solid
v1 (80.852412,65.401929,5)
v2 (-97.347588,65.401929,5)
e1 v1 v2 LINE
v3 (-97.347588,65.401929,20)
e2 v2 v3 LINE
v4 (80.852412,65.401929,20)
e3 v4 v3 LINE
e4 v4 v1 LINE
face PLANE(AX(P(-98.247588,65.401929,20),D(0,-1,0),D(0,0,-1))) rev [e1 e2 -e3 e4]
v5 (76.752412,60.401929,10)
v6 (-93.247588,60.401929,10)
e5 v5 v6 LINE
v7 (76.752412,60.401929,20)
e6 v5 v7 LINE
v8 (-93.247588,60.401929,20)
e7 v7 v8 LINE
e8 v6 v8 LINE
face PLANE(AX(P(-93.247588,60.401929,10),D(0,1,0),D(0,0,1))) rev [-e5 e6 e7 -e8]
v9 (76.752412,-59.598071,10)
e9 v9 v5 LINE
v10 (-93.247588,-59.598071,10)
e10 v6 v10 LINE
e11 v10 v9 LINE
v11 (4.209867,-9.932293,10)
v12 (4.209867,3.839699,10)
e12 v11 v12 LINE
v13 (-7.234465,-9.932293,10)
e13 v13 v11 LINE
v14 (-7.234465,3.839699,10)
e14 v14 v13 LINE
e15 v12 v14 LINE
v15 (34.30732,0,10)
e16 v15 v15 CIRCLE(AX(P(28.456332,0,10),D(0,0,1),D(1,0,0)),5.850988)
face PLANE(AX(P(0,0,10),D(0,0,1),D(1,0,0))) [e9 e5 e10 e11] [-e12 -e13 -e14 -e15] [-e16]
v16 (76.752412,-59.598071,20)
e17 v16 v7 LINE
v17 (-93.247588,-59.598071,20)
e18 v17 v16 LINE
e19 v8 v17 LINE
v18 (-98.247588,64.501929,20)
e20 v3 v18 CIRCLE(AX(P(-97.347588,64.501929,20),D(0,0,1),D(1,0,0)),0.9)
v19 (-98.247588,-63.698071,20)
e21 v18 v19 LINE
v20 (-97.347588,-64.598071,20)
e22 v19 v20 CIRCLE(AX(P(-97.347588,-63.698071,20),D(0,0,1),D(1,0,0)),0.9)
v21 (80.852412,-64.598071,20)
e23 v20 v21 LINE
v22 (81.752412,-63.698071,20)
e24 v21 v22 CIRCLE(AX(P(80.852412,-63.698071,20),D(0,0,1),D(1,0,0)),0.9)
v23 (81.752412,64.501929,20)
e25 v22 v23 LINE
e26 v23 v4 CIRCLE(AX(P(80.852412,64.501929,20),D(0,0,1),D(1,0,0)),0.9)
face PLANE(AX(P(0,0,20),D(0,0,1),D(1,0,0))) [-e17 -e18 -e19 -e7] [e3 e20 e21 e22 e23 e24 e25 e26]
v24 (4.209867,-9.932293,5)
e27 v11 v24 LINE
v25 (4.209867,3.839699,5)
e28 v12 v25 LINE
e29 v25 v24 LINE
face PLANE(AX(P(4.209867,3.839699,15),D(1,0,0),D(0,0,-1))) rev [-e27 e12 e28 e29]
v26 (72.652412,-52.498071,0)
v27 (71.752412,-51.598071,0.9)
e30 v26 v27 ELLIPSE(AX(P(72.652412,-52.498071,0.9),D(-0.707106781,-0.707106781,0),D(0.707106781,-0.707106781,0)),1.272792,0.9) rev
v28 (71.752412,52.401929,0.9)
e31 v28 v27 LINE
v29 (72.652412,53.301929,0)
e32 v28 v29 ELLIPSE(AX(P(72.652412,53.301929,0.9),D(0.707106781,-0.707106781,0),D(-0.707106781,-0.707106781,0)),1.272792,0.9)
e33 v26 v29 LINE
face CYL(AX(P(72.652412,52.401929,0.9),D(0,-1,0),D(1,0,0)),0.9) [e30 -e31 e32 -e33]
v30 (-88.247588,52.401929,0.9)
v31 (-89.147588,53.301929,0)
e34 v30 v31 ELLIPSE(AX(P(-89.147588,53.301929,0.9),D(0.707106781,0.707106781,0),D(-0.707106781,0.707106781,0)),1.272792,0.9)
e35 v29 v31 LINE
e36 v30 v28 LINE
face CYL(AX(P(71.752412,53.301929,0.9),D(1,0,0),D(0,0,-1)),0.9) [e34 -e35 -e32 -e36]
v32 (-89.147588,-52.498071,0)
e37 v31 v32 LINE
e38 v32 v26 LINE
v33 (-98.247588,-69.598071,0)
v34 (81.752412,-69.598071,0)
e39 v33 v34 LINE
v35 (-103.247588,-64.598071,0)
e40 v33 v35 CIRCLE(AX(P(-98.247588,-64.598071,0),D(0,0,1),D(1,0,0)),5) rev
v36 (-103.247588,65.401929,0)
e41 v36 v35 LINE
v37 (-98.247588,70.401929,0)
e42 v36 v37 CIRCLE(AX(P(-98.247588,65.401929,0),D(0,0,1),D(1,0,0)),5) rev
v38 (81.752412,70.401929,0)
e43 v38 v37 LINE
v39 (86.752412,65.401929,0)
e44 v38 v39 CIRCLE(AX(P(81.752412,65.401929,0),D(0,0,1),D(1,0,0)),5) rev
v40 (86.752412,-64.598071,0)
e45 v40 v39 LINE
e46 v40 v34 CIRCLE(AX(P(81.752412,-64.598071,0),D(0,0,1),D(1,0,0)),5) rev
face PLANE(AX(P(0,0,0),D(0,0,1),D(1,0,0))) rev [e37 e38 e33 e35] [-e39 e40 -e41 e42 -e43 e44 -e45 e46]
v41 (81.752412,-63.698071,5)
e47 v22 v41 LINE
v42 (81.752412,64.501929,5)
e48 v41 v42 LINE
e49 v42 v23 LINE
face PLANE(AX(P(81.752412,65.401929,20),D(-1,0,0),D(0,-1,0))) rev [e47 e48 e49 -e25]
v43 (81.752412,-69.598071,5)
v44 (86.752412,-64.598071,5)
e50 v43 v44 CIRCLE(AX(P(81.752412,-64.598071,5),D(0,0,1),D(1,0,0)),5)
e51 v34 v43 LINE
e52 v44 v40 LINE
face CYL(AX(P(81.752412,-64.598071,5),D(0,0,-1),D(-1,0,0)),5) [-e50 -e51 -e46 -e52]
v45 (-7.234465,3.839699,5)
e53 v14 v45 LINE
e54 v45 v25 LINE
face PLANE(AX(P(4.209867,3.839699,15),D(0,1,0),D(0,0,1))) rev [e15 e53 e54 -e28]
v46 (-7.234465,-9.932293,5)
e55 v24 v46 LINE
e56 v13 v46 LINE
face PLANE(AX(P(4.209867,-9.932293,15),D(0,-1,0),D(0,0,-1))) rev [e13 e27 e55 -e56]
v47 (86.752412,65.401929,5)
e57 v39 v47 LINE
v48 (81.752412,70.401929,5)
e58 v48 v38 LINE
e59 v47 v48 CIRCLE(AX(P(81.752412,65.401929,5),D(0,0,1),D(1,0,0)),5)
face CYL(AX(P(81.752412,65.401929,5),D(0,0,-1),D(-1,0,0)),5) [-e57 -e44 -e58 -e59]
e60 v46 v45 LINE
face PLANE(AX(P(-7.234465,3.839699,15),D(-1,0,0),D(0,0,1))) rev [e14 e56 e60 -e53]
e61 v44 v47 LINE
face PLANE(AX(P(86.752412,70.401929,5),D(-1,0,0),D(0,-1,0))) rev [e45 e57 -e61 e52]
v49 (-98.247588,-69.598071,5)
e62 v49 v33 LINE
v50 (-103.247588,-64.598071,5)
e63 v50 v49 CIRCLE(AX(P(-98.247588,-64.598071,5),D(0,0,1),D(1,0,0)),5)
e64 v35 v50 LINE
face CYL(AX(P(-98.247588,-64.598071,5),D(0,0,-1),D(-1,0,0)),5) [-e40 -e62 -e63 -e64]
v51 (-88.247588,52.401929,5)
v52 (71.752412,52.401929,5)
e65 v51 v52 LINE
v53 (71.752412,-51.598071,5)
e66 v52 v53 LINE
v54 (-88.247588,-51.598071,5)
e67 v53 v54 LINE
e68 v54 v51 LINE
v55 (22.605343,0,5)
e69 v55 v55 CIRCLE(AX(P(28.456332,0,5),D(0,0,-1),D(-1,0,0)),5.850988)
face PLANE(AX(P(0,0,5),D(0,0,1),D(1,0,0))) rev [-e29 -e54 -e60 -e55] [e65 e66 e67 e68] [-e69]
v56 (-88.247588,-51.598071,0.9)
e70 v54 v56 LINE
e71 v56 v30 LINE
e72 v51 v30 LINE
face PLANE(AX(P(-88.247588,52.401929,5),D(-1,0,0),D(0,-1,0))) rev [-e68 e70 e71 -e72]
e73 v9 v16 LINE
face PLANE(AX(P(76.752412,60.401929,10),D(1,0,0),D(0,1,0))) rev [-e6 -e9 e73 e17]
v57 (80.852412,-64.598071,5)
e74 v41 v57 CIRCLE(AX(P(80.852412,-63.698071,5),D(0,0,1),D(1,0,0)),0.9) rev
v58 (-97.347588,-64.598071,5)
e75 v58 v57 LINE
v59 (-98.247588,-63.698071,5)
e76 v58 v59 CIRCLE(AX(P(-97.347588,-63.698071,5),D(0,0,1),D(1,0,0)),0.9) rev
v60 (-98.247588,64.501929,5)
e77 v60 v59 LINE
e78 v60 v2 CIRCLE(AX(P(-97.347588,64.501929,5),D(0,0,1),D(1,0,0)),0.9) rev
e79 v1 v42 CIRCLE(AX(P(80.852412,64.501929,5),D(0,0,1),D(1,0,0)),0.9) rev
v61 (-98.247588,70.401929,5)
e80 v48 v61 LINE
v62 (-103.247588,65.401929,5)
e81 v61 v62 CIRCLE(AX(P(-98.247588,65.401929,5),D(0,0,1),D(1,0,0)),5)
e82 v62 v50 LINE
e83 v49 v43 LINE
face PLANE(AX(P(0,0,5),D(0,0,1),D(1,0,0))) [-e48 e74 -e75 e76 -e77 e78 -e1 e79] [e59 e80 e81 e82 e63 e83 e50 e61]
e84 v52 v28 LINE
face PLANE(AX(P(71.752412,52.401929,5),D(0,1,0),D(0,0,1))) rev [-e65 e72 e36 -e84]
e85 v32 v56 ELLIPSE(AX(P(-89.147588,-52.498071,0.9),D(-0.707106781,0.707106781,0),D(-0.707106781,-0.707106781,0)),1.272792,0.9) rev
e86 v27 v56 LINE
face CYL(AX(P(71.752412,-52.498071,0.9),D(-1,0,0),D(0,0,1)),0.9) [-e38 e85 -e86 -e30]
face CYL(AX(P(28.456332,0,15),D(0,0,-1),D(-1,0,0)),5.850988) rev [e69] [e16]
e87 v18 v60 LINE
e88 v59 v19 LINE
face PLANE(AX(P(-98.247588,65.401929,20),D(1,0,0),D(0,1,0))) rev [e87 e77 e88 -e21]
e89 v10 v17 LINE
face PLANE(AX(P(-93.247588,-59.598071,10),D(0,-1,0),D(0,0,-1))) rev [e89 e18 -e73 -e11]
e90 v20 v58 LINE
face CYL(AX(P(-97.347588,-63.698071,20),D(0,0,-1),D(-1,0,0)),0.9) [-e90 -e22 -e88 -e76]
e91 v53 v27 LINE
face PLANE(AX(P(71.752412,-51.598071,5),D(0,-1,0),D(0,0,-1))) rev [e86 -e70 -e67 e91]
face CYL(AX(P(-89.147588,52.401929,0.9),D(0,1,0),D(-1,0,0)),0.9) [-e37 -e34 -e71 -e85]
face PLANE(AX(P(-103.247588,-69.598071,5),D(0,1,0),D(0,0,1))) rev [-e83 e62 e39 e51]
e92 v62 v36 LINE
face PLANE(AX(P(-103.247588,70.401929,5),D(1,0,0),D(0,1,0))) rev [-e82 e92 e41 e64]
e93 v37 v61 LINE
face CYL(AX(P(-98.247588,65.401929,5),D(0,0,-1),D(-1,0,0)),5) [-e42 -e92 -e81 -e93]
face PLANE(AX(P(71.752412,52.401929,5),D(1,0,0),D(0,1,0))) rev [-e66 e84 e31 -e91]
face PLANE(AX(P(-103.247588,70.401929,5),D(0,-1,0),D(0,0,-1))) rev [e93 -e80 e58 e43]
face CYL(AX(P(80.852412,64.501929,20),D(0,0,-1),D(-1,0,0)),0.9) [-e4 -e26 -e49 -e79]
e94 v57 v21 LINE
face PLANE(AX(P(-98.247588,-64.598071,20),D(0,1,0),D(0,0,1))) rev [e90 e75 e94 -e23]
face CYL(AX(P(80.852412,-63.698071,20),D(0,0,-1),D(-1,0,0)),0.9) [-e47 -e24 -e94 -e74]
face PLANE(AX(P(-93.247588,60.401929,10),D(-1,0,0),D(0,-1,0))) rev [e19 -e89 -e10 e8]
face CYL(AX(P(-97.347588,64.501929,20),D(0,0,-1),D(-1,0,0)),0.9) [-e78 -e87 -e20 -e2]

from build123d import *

# Parameters (mm, degrees)
SKETCH1_W           = 190
SKETCH1_H           = 140
BOSS_EXTRUDE1_DEPTH = 5
SKETCH2_W           = 160
SKETCH2_H           = 104
CUT_EXTRUDE1_DEPTH  = 5
SKETCH3_W           = 180
SKETCH3_H           = 130
BOSS_EXTRUDE2_DEPTH = 15
SKETCH4_W           = 170
SKETCH4_H           = 120
CUT_EXTRUDE2_DEPTH  = 10
FILLET1_R           = 0.9
FILLET2_R           = 0.9
SKETCH5_R           = 5.850988458
SKETCH5_W           = 11.444331631
SKETCH5_H           = 13.771992302
CUT_EXTRUDE3_DEPTH  = 10
FILLET3_R           = 5


with BuildPart() as part:
    # Sketch1 → Boss-Extrude1 (new body)
    with BuildSketch(Plane.XY):
        with Locations((-8.247588424, 0.40192926)):
            Rectangle(SKETCH1_W, SKETCH1_H)
    extrude(amount=BOSS_EXTRUDE1_DEPTH)

    # Sketch2 → Cut-Extrude1 (cut)
    with BuildSketch(Plane(origin=(0, 0, 0), x_dir=(-1, 0, 0), z_dir=(0, 0, -1))):
        with Locations((8.247588424, 0.40192926)):
            Rectangle(SKETCH2_W, SKETCH2_H)
    extrude(amount=-CUT_EXTRUDE1_DEPTH, mode=Mode.SUBTRACT)

    # Sketch3 → Boss-Extrude2 (add)
    with BuildSketch(Plane.XY.offset(5)):
        with Locations((-8.247588424, 0.40192926)):
            Rectangle(SKETCH3_W, SKETCH3_H)
    extrude(amount=BOSS_EXTRUDE2_DEPTH)

    # Sketch4 → Cut-Extrude2 (cut)
    with BuildSketch(Plane.XY.offset(20)):
        with Locations((-8.247588424, 0.40192926)):
            Rectangle(SKETCH4_W, SKETCH4_H)
    extrude(amount=-CUT_EXTRUDE2_DEPTH, mode=Mode.SUBTRACT)

    # Fillet1
    fillet1_edges = [part.edges().sort_by_distance(p)[0] for p in [
        (71.752411576, 0.40192926, 0),
        (-8.247588424, -51.59807074, 0),
        (-88.247588424, 0.40192926, 0),
        (-8.247588424, 52.40192926, 0),
    ]]
    fillet(fillet1_edges, radius=FILLET1_R)

    # Fillet2
    fillet2_edges = [part.edges().sort_by_distance(p)[0] for p in [
        (-98.247588424, 65.40192926, 12.5),
        (-98.247588424, -64.59807074, 12.5),
        (81.752411576, -64.59807074, 12.5),
        (81.752411576, 65.40192926, 12.5),
    ]]
    fillet(fillet2_edges, radius=FILLET2_R)

    # Sketch5 → Cut-Extrude3 (cut)
    with BuildSketch(Plane(origin=(0, 0, 5), x_dir=(-1, 0, 0), z_dir=(0, 0, -1))):
        with Locations((-28.456331926, 0)):
            Circle(SKETCH5_R)
        with Locations((1.51229921, -3.046296959)):
            Rectangle(SKETCH5_W, SKETCH5_H)
    extrude(amount=-CUT_EXTRUDE3_DEPTH, mode=Mode.SUBTRACT)

    # Fillet3
    fillet3_edges = [part.edges().sort_by_distance(p)[0] for p in [
        (-103.247588424, 70.40192926, 2.5),
        (86.752411576, 70.40192926, 2.5),
        (86.752411576, -69.59807074, 2.5),
        (-103.247588424, -69.59807074, 2.5),
    ]]
    fillet(fillet3_edges, radius=FILLET3_R)


solid = part.part
